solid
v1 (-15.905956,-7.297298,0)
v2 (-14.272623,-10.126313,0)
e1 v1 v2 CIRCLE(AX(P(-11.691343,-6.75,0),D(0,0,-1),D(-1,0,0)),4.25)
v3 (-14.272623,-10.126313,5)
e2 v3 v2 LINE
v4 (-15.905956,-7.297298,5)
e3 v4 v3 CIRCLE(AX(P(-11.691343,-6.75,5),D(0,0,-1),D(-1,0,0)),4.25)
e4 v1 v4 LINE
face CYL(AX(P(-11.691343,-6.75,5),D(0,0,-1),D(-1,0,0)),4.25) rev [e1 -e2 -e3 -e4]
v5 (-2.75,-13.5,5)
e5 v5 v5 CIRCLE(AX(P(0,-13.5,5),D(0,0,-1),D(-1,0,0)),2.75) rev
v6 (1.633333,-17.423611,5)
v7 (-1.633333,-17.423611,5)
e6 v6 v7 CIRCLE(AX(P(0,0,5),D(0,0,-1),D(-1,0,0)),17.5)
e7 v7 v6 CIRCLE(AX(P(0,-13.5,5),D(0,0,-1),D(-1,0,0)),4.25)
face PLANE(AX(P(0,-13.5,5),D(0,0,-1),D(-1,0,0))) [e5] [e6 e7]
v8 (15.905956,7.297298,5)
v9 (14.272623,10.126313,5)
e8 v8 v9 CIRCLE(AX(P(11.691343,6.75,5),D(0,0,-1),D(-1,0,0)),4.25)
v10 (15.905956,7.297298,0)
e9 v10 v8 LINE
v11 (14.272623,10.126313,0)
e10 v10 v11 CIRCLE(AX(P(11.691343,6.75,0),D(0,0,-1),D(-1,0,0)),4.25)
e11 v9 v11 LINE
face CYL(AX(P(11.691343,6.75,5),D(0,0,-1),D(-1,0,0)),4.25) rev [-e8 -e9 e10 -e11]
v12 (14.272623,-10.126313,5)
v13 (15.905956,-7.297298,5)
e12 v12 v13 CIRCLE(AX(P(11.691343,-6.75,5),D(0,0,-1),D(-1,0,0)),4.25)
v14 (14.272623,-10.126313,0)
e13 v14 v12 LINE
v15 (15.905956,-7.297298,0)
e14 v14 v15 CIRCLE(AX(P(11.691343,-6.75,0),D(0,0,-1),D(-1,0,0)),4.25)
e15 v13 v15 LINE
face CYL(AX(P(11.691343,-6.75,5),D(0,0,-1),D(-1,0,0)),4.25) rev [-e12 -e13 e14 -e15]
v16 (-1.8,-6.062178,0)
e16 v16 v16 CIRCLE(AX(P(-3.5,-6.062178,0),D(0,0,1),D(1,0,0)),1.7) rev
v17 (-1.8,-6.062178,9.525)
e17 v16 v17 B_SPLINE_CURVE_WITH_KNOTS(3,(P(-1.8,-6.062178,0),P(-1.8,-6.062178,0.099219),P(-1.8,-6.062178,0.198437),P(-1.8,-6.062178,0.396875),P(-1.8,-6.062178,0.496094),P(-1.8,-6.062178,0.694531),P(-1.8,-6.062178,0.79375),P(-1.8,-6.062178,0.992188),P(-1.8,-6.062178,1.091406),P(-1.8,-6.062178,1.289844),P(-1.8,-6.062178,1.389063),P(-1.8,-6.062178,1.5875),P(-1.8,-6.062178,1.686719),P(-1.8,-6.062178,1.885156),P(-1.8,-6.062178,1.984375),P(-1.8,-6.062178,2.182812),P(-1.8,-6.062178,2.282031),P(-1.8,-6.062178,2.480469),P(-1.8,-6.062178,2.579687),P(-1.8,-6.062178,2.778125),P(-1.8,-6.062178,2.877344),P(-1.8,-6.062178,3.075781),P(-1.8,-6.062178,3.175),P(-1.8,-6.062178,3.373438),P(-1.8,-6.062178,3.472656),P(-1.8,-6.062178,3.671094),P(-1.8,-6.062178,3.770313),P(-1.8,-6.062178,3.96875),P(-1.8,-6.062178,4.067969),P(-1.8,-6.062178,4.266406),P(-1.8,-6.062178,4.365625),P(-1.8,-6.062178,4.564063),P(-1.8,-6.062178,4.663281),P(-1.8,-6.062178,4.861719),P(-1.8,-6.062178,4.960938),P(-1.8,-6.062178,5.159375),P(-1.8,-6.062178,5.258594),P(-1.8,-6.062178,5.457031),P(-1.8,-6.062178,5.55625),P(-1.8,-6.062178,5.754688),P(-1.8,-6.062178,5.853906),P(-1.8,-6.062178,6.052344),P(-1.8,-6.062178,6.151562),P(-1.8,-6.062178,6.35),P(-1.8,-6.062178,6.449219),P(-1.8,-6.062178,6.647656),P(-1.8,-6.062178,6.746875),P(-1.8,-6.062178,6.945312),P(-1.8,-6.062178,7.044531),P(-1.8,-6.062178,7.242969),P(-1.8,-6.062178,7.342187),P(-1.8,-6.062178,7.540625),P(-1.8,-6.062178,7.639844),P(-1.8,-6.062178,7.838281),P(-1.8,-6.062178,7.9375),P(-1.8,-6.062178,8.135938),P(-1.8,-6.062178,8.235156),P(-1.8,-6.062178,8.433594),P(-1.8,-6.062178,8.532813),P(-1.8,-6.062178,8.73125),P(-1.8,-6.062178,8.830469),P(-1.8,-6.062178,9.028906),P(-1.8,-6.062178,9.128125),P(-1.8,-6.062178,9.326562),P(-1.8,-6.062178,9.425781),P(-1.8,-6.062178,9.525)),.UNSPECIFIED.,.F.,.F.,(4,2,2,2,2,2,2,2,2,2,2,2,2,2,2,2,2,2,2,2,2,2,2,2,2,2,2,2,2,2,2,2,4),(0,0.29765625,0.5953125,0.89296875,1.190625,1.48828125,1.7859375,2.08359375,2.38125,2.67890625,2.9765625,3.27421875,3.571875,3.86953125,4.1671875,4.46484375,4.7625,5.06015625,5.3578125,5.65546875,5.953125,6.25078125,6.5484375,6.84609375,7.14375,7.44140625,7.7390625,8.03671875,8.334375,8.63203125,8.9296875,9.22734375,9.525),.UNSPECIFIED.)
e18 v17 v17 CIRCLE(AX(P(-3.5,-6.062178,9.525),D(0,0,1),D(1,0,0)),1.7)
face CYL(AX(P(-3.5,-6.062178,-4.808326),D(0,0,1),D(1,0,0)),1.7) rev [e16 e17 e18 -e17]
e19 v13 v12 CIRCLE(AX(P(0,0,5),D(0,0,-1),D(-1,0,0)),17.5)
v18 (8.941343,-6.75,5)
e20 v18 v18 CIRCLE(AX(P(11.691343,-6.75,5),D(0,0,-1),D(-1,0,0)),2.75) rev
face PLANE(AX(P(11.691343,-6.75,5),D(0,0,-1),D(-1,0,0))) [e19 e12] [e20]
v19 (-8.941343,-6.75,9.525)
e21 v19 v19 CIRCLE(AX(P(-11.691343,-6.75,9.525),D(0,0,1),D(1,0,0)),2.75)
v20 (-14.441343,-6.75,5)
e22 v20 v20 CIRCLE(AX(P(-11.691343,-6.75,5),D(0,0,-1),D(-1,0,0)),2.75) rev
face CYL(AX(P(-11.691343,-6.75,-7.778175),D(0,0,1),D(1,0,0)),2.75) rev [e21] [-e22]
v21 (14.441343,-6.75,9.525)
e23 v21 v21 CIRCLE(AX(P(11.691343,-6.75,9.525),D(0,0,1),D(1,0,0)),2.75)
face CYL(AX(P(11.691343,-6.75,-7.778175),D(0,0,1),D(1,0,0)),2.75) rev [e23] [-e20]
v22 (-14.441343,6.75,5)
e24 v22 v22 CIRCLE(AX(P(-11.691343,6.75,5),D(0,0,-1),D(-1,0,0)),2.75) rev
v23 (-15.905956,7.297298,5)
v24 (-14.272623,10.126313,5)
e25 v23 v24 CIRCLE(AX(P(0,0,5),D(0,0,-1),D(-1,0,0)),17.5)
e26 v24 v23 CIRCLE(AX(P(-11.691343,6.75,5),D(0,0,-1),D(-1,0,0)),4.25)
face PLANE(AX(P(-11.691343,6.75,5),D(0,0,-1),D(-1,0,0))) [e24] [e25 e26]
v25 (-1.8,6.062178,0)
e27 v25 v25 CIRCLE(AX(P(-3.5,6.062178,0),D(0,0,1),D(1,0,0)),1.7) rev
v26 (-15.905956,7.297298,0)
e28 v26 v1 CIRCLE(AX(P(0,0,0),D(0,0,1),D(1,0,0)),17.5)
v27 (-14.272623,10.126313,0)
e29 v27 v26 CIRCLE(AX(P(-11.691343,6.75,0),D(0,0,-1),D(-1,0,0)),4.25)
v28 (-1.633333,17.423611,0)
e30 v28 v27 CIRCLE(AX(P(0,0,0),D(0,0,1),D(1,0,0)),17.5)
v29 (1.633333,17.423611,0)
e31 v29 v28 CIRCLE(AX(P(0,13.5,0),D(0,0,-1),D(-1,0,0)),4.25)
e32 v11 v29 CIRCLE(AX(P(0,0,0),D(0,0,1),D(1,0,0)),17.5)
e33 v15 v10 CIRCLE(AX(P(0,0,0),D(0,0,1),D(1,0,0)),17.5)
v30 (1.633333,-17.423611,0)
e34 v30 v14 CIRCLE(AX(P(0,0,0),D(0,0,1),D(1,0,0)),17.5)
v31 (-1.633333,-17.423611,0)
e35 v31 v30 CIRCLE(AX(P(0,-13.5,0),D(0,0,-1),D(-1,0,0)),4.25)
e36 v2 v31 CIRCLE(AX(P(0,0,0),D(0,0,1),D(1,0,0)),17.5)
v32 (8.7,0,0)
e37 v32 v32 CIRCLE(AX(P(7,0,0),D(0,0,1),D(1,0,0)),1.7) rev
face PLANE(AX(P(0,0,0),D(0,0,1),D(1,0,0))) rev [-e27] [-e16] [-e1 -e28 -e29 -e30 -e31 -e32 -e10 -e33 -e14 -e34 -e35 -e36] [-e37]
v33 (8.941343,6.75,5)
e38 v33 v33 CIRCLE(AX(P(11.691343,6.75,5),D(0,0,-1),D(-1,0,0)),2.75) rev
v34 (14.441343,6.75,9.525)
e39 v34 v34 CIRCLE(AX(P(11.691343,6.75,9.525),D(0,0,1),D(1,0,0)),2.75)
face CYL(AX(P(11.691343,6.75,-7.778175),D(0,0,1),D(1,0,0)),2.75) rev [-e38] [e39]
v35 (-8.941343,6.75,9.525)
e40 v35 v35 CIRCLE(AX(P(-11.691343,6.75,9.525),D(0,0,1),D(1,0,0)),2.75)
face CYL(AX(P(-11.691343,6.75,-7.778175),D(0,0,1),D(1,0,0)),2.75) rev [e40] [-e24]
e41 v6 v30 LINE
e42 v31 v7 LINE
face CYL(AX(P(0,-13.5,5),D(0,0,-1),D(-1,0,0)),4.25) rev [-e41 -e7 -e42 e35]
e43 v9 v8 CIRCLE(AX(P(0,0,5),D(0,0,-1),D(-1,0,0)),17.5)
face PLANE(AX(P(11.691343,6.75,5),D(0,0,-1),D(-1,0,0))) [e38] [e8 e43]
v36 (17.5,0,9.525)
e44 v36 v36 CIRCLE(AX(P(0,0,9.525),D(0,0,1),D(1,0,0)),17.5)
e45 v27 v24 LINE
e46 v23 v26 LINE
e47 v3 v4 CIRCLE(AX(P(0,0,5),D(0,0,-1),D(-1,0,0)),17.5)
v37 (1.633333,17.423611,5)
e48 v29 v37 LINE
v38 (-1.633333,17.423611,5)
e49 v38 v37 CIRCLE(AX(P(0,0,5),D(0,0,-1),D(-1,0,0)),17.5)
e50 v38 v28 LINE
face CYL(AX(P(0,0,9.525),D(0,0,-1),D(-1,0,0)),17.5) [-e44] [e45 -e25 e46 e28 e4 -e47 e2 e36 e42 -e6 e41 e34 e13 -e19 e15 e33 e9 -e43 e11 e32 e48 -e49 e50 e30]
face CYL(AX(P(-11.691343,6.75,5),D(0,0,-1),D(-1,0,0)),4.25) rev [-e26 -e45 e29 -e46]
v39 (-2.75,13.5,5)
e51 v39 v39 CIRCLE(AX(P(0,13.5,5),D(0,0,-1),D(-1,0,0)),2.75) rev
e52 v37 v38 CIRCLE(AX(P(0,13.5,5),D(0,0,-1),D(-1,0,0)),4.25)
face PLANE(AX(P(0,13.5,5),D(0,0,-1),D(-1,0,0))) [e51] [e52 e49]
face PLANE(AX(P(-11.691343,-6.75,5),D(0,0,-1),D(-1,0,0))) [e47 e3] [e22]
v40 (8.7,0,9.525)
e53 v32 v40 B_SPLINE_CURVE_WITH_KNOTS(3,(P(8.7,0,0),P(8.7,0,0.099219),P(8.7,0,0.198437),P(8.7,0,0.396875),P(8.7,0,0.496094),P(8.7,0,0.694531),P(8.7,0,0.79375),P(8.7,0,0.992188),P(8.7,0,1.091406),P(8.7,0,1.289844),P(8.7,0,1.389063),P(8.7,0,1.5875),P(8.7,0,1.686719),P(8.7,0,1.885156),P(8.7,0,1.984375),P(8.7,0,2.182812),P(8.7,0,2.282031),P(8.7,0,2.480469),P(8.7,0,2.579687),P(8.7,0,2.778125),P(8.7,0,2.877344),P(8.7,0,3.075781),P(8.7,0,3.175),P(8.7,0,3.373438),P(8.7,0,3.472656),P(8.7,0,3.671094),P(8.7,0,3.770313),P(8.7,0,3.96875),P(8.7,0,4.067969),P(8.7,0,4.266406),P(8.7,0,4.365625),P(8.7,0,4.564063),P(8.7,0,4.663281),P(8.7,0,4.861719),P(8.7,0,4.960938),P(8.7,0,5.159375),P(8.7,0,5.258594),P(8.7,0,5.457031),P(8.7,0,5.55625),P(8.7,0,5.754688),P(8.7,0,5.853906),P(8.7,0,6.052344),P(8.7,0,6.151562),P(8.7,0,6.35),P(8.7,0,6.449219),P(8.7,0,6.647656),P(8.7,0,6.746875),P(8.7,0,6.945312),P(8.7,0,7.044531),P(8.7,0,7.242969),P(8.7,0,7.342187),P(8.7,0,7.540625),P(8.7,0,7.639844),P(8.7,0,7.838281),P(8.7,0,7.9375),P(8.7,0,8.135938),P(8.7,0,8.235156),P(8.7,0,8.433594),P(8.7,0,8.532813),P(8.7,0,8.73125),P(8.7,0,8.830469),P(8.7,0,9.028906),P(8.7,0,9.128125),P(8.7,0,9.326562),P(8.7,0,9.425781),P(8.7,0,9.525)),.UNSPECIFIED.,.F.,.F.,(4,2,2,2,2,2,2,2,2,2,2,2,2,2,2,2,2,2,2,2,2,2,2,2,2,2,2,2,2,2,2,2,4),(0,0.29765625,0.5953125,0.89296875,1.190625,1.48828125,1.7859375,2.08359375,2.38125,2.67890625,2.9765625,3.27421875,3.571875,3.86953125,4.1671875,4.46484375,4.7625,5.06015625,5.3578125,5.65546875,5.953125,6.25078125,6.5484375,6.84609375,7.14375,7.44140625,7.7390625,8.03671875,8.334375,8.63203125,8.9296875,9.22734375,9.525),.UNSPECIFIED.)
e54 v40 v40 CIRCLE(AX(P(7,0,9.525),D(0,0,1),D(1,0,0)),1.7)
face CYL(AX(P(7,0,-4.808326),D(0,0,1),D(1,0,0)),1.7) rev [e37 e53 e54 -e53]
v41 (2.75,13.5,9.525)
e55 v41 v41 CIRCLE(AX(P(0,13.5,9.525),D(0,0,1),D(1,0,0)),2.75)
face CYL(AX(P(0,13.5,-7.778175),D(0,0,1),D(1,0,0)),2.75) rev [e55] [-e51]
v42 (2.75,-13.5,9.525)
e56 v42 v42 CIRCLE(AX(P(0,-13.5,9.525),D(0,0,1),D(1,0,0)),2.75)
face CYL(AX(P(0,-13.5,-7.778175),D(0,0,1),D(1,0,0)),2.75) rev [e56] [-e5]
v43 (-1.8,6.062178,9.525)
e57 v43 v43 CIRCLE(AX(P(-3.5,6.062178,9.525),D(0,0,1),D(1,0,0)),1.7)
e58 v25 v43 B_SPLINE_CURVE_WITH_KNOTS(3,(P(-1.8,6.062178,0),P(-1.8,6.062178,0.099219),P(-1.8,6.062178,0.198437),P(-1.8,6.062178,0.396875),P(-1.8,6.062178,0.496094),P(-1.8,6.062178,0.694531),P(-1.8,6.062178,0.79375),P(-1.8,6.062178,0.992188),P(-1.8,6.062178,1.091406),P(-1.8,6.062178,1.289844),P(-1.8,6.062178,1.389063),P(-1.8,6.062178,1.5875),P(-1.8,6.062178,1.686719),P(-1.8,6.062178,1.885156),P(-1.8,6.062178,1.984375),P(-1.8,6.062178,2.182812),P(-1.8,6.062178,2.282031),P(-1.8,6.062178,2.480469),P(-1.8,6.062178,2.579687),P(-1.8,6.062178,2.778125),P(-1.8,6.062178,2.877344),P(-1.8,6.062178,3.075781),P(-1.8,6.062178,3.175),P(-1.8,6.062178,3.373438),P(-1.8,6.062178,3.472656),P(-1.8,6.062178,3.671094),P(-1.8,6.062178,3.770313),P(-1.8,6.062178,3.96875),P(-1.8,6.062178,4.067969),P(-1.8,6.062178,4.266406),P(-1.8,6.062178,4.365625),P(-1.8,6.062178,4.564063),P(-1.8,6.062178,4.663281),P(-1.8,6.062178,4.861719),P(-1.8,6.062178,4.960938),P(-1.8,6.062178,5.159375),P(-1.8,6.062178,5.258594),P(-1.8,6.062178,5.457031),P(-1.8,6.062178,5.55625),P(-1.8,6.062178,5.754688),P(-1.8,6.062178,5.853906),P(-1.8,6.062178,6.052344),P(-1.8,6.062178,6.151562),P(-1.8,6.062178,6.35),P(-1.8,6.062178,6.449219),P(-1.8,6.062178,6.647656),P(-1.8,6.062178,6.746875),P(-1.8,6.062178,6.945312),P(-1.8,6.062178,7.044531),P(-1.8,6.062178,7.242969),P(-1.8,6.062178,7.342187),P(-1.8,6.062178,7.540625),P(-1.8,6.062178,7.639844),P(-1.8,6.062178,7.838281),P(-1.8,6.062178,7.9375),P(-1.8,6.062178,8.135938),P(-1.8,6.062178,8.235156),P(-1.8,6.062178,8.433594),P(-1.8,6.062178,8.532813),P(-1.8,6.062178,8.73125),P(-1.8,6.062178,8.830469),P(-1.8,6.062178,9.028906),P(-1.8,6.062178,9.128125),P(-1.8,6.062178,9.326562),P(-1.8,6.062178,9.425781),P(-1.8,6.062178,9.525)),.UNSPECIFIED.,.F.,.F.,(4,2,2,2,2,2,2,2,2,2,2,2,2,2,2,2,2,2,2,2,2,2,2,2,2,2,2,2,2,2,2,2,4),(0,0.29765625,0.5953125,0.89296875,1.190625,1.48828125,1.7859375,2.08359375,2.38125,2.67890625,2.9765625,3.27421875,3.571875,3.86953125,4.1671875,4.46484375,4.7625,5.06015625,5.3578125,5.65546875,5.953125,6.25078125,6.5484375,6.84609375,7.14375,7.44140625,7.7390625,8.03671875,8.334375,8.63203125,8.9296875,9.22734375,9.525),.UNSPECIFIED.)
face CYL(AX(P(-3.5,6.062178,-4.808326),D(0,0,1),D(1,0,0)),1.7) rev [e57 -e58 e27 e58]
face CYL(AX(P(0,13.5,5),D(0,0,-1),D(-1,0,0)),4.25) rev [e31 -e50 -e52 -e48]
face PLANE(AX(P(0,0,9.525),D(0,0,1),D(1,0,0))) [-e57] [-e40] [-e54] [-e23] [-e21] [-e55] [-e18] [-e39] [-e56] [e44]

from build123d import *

# Parameters (mm, degrees)
SKETCH1_R           = 17.5
BOSS_EXTRUDE1_DEPTH = 9.525
SKETCH2_R           = 2.75
M5_THROUGH_DEPTH    = 9.525
SKETCH3_R           = 1.7
M4_DRILL_DEPTH      = 9.525
SKETCH4_R           = 4.25
CUT_EXTRUDE2_DEPTH  = 5


with BuildPart() as part:
    # Sketch1 → Boss-Extrude1 (new body)
    with BuildSketch(Plane.XY):
        with Locations(Location((0, 0, 0), (0, 0, 180))):
            Circle(SKETCH1_R)
    extrude(amount=BOSS_EXTRUDE1_DEPTH)

    # Sketch2 → M5_through (cut)
    with BuildSketch(Plane.XY.offset(9.525)):
        with Locations((0, 13.5)):
            Circle(SKETCH2_R)
        with Locations((11.691342951, 6.75)):
            Circle(SKETCH2_R)
        with Locations((11.691342951, -6.75)):
            Circle(SKETCH2_R)
        with Locations((0, -13.5)):
            Circle(SKETCH2_R)
        with Locations((-11.691342951, -6.75)):
            Circle(SKETCH2_R)
        with Locations((-11.691342951, 6.75)):
            Circle(SKETCH2_R)
    extrude(amount=-M5_THROUGH_DEPTH, mode=Mode.SUBTRACT)

    # Sketch3 → M4_DRILL (cut)
    with BuildSketch(Plane.XY.offset(9.525)):
        with Locations((-3.5, 6.062177826)):
            Circle(SKETCH3_R)
        with Locations((7, 0)):
            Circle(SKETCH3_R)
        with Locations((-3.5, -6.062177826)):
            Circle(SKETCH3_R)
    extrude(amount=-M4_DRILL_DEPTH, mode=Mode.SUBTRACT)

    # Sketch4 → Cut-Extrude2 (cut)
    with BuildSketch(Plane(origin=(0, 0, 0), x_dir=(-1, 0, 0), z_dir=(0, 0, -1))):
        with Locations((0, 13.5)):
            Circle(SKETCH4_R)
        with Locations((11.691342951, 6.75)):
            Circle(SKETCH4_R)
        with Locations((11.691342951, -6.75)):
            Circle(SKETCH4_R)
        with Locations((0, -13.5)):
            Circle(SKETCH4_R)
        with Locations((-11.691342951, -6.75)):
            Circle(SKETCH4_R)
        with Locations((-11.691342951, 6.75)):
            Circle(SKETCH4_R)
    extrude(amount=-CUT_EXTRUDE2_DEPTH, mode=Mode.SUBTRACT)


solid = part.part
